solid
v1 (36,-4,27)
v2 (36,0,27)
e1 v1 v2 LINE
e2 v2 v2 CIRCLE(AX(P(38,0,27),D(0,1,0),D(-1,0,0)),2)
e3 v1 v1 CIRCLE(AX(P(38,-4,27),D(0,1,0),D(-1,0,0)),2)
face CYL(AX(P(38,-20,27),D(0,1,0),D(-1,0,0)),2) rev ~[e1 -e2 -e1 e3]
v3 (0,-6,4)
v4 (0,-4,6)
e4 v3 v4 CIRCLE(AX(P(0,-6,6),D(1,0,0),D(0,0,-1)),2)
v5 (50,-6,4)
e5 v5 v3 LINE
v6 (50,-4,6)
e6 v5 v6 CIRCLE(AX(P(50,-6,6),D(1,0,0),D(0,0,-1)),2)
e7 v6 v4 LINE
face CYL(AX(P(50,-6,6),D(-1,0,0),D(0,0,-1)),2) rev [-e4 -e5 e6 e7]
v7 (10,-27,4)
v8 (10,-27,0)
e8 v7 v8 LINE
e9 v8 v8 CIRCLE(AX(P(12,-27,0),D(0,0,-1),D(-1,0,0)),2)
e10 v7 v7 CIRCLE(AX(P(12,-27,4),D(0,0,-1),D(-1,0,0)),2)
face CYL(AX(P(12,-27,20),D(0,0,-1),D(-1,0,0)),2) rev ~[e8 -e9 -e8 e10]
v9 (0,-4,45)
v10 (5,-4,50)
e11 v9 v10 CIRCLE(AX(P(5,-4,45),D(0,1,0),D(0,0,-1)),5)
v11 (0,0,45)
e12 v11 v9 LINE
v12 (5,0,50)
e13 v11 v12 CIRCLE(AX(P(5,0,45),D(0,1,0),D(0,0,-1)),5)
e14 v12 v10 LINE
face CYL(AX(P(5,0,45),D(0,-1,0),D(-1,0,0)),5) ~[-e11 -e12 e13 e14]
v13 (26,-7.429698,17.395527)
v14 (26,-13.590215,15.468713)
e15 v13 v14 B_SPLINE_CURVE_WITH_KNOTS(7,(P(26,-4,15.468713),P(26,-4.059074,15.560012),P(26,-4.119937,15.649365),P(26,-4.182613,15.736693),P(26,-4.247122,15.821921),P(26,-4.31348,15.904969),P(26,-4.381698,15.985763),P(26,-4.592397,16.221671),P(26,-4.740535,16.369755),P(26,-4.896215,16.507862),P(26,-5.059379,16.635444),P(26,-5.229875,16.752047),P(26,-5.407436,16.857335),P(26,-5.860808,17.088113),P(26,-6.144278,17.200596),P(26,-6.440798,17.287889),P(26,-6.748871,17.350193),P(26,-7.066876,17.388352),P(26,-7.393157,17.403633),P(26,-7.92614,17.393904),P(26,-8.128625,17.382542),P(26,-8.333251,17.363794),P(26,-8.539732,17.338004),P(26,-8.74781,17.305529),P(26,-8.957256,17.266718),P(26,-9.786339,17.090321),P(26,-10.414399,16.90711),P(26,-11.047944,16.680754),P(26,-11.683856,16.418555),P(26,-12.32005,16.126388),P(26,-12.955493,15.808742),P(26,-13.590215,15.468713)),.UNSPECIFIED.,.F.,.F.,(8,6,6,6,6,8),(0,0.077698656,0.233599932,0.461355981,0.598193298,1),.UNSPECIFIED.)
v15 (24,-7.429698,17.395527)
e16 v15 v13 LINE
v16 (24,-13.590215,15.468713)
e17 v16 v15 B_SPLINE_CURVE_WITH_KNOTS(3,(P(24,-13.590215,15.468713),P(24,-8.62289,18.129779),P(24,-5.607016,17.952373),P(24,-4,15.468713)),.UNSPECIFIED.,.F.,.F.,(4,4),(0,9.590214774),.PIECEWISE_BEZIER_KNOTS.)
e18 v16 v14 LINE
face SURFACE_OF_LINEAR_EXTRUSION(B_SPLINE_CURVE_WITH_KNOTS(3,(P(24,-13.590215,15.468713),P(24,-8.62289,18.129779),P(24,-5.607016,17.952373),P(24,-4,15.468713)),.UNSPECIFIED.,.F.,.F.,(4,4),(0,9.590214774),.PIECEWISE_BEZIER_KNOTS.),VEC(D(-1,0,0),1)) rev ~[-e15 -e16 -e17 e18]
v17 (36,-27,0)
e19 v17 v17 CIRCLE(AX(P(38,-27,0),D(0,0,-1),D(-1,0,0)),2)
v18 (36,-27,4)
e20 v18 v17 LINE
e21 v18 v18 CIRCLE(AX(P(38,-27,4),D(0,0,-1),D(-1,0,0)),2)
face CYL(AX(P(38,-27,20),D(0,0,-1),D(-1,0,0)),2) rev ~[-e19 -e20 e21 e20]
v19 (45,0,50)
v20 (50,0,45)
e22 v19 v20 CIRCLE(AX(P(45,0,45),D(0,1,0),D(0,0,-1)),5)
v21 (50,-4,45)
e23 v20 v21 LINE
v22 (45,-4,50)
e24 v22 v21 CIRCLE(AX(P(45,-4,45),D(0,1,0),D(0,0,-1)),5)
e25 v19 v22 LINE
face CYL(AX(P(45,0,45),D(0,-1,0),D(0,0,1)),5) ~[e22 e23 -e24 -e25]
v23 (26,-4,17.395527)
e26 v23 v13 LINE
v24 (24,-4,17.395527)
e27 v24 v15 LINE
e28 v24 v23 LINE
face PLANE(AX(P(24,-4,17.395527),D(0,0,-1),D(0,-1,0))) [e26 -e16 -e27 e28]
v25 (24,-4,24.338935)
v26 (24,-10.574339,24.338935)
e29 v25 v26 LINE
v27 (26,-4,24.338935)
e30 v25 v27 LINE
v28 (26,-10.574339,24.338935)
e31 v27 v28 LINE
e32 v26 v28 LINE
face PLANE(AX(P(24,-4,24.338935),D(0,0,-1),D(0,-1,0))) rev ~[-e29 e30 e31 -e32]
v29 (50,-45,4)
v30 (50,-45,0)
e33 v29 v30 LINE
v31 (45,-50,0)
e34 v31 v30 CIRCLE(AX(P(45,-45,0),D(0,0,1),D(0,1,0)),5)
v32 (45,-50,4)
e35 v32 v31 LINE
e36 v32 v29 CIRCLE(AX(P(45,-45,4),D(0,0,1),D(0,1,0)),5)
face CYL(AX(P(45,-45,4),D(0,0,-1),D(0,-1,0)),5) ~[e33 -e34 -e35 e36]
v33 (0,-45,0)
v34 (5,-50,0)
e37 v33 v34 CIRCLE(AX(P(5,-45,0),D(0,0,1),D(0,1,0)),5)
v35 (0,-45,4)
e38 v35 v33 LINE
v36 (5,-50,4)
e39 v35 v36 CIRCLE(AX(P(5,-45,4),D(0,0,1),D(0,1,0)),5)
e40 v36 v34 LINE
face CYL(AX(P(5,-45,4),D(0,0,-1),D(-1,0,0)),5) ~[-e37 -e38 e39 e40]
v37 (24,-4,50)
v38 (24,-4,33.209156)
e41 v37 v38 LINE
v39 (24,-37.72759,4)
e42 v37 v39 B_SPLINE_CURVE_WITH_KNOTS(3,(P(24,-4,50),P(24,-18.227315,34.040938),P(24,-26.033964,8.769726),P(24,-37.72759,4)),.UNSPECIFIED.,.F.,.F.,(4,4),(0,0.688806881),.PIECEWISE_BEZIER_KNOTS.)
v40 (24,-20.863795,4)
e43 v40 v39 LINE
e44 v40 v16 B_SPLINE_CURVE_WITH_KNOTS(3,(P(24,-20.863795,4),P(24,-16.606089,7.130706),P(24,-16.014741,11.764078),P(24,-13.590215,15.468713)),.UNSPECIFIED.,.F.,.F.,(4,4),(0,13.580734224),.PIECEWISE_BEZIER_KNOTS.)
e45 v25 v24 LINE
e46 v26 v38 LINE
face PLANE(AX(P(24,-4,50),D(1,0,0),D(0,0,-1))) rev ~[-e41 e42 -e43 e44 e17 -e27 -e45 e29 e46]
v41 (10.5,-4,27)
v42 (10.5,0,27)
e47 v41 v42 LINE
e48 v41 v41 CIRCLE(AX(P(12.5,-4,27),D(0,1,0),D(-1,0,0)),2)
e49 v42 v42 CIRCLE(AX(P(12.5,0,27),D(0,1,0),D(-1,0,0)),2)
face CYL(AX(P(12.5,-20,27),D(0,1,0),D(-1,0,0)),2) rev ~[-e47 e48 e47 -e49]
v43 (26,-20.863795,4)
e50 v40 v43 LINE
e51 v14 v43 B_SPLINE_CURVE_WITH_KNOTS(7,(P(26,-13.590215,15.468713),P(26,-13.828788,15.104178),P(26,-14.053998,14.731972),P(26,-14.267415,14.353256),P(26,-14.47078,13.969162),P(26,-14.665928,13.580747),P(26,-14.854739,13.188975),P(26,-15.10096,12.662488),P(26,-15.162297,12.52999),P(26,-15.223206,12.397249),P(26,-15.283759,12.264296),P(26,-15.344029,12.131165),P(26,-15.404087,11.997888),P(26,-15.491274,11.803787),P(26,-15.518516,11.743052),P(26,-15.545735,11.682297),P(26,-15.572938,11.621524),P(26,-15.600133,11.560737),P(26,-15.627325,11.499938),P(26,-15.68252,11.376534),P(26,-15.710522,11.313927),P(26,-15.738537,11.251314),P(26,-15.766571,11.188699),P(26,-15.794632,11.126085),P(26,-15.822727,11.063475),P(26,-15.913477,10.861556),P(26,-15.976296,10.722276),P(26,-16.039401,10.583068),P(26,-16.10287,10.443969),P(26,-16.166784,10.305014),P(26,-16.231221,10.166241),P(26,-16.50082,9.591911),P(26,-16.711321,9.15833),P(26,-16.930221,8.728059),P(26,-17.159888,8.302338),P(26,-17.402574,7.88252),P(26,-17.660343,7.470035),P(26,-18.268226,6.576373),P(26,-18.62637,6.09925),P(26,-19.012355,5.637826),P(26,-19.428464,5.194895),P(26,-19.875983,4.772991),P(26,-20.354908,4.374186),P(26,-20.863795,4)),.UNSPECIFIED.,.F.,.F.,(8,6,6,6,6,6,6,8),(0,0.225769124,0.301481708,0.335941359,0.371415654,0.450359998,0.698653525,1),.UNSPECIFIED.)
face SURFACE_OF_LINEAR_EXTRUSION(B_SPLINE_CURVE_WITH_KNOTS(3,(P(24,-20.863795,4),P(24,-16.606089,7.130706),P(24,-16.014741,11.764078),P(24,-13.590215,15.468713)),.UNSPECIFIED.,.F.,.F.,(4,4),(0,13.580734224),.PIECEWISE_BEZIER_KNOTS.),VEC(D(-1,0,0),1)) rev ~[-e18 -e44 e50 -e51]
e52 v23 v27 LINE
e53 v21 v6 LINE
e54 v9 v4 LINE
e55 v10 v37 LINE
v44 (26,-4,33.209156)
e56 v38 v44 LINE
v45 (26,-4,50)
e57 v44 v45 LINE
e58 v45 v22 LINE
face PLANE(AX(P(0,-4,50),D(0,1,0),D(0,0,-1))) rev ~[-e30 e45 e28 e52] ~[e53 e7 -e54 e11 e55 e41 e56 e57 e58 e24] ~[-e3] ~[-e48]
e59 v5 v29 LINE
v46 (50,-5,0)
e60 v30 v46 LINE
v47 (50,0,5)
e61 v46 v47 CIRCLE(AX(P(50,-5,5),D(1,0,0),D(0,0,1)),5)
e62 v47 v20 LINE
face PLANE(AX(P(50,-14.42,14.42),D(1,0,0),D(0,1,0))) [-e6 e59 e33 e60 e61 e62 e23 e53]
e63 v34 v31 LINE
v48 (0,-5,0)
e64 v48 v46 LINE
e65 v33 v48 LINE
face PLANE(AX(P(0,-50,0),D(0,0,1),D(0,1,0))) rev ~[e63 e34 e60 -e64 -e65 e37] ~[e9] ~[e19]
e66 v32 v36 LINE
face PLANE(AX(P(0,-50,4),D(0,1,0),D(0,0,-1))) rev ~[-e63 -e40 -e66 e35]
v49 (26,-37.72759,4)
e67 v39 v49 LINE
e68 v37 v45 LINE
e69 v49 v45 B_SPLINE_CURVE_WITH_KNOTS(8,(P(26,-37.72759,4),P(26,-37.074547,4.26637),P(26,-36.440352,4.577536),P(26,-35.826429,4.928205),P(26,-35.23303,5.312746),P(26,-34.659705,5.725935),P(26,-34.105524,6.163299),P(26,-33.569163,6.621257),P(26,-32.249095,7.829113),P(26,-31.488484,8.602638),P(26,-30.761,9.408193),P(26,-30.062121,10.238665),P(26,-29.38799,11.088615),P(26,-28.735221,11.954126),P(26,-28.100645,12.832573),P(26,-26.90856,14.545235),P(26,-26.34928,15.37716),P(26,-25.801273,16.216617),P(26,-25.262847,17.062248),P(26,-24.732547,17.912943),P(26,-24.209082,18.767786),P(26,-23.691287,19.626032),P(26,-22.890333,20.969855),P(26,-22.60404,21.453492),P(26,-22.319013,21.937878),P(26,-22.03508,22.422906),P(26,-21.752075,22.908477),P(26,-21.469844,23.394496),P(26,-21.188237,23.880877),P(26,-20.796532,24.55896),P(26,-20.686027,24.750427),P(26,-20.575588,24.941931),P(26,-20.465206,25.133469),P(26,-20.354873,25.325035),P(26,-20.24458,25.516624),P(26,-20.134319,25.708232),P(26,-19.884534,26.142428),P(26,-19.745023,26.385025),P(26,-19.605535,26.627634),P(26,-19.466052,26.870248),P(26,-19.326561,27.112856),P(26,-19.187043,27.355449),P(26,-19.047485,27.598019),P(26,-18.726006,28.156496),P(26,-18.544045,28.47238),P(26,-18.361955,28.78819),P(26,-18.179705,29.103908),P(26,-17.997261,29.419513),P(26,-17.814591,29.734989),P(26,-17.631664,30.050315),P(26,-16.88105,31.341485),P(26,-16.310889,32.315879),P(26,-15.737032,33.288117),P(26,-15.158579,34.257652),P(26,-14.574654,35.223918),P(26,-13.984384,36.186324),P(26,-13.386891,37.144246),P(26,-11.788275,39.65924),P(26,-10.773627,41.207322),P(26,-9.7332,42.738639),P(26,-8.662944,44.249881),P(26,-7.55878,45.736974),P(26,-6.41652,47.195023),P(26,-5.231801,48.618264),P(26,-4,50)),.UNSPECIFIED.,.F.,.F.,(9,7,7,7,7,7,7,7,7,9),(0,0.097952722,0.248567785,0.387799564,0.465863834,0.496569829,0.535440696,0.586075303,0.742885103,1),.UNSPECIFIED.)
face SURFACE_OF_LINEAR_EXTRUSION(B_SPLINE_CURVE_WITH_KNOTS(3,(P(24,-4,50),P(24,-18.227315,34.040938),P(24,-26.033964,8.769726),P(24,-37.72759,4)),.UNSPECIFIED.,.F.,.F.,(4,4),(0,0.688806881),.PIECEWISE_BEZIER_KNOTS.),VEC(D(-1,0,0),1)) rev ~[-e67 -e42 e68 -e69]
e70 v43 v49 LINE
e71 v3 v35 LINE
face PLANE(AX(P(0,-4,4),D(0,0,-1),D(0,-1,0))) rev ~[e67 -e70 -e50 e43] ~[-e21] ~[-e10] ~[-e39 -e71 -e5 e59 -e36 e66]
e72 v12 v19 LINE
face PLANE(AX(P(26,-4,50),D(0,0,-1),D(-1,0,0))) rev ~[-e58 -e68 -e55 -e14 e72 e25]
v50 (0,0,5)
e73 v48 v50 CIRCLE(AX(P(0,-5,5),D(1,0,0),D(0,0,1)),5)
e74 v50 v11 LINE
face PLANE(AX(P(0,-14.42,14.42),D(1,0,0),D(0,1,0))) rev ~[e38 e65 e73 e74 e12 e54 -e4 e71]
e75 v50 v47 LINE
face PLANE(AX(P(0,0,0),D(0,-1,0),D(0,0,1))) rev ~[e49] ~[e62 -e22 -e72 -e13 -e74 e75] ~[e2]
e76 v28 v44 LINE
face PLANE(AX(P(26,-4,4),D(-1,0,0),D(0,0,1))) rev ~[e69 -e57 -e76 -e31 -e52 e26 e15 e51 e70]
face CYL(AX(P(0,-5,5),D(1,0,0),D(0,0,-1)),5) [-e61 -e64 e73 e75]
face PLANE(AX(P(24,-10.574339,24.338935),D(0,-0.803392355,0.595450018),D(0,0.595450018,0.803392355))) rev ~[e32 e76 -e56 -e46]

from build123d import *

# Parameters (mm, degrees)
F1_DEPTH         = 50
F3_DEPTH         = 46
F5_DEPTH         = 25
F7_DEPTH         = 25
F8_W             = 3.4296980606
F8_H             = 1.9268138267
F9_DEPTH         = 25
F12_D            = 4
F12_DEPTH        = 16
F12_TIP          = 1.2017212381
F12_ON_F11_D     = 4
F12_ON_F11_DEPTH = 16
F12_ON_F11_TIP   = 1.2017212381
F13_R            = 5
F14_R            = 2
F15_R            = 5


with BuildPart() as f1:
    # F0 (on Right) → F1 (new body)
    with BuildSketch(Plane.YZ):
        Polygon((-50, 4), (-50, 0), (0, 0), (0, 50), (-4, 50), (-4, 4), align=None)
    extrude(amount=F1_DEPTH)

    # F2 (on face) → F3 (join)
    with BuildSketch(Plane.XZ.offset(4)):
        Polygon((25, 50), (24, 50), (24, 4), (26, 4), (26, 50), align=None)
    extrude(amount=F3_DEPTH)

    # F4 (on face) → F5 (cut)
    with BuildSketch(Plane(origin=(24, 0, 0), x_dir=(0, -1, 0), z_dir=(-1, 0, 0))):
        with BuildLine():
            Line((50, 50), (4, 50))
            add(Edge.make_bspline(
                [(4, 50), (18.2273147409, 34.0409380861), (26.0339638541, 8.7697255613), (37.7275896233, 4)],
                knots=[0, 0, 0, 0, 0.6888068808, 0.6888068808, 0.6888068808, 0.6888068808], degree=3))
            Line((37.7275896233, 4), (49.3700235132, 4))
            Line((49.3700235132, 4), (50, 4))
            Line((50, 4), (50, 50))
        make_face()
    extrude(amount=-F5_DEPTH, mode=Mode.SUBTRACT)

    # F6 (on face) → F7 (cut)
    with BuildSketch(Plane(origin=(24, 0, 0), x_dir=(0, -1, 0), z_dir=(-1, 0, 0))):
        with BuildLine():
            Line((4, 4), (20.8637948117, 4))
            add(Edge.make_bspline(
                [(20.8637948117, 4), (16.6060887277, 7.1307057515), (16.0147414533, 11.764077872), (13.590214774, 15.4687128961)],
                knots=[0, 0, 0, 0, 13.5807342238, 13.5807342238, 13.5807342238, 13.5807342238], degree=3))
            add(Edge.make_bspline(
                [(13.590214774, 15.4687128961), (8.6228903383, 18.1297790259), (5.6070159189, 17.9523732513), (4, 15.4687128961)],
                knots=[0, 0, 0, 0, 9.590214774, 9.590214774, 9.590214774, 9.590214774], degree=3))
            Line((4, 15.4687128961), (4, 4))
        make_face()
        Polygon((4, 33.209156245), (4, 24.3389345706), (10.5743389577, 24.3389345706), align=None)
    extrude(amount=-F7_DEPTH, mode=Mode.SUBTRACT)

    # F8 (on face) → F9 (cut)
    with BuildSketch(Plane(origin=(24, 0, 0), x_dir=(0, -1, 0), z_dir=(-1, 0, 0))):
        with Locations((5.7148490303, 16.4321198095)):
            Rectangle(F8_W, F8_H)
    extrude(amount=-F9_DEPTH, mode=Mode.SUBTRACT)

    # F12
    with Locations(Plane.XZ.offset(4)):
        with Locations((12.5, 27), (38, 27)):
            Hole(F12_D / 2, depth=F12_DEPTH)
            with Locations((0, 0, -(F12_DEPTH + F12_TIP / 2))):  # 118° drill point
                Cone(0, F12_D / 2, F12_TIP, mode=Mode.SUBTRACT)

    # F12 on F11
    with Locations(Plane.XY.offset(4)):
        with Locations((38, -27), (12, -27)):
            Hole(F12_ON_F11_D / 2, depth=F12_ON_F11_DEPTH)
            with Locations((0, 0, -(F12_ON_F11_DEPTH + F12_ON_F11_TIP / 2))):  # 118° drill point
                Cone(0, F12_ON_F11_D / 2, F12_ON_F11_TIP, mode=Mode.SUBTRACT)

    # F13
    f13_edges = [f1.edges().sort_by_distance(p)[0] for p in [
        (25, 0, 0),
    ]]
    fillet(f13_edges, radius=F13_R)

    # F14
    f14_edges = [f1.edges().sort_by_distance(p)[0] for p in [
        (25, -4, 4),
    ]]
    fillet(f14_edges, radius=F14_R)

    # F15
    f15_edges = [f1.edges().sort_by_distance(p)[0] for p in [
        (0, -2, 50),
        (50, -2, 50),
        (0, -50, 2),
        (50, -50, 2),
    ]]
    fillet(f15_edges, radius=F15_R)


solid = f1.part
